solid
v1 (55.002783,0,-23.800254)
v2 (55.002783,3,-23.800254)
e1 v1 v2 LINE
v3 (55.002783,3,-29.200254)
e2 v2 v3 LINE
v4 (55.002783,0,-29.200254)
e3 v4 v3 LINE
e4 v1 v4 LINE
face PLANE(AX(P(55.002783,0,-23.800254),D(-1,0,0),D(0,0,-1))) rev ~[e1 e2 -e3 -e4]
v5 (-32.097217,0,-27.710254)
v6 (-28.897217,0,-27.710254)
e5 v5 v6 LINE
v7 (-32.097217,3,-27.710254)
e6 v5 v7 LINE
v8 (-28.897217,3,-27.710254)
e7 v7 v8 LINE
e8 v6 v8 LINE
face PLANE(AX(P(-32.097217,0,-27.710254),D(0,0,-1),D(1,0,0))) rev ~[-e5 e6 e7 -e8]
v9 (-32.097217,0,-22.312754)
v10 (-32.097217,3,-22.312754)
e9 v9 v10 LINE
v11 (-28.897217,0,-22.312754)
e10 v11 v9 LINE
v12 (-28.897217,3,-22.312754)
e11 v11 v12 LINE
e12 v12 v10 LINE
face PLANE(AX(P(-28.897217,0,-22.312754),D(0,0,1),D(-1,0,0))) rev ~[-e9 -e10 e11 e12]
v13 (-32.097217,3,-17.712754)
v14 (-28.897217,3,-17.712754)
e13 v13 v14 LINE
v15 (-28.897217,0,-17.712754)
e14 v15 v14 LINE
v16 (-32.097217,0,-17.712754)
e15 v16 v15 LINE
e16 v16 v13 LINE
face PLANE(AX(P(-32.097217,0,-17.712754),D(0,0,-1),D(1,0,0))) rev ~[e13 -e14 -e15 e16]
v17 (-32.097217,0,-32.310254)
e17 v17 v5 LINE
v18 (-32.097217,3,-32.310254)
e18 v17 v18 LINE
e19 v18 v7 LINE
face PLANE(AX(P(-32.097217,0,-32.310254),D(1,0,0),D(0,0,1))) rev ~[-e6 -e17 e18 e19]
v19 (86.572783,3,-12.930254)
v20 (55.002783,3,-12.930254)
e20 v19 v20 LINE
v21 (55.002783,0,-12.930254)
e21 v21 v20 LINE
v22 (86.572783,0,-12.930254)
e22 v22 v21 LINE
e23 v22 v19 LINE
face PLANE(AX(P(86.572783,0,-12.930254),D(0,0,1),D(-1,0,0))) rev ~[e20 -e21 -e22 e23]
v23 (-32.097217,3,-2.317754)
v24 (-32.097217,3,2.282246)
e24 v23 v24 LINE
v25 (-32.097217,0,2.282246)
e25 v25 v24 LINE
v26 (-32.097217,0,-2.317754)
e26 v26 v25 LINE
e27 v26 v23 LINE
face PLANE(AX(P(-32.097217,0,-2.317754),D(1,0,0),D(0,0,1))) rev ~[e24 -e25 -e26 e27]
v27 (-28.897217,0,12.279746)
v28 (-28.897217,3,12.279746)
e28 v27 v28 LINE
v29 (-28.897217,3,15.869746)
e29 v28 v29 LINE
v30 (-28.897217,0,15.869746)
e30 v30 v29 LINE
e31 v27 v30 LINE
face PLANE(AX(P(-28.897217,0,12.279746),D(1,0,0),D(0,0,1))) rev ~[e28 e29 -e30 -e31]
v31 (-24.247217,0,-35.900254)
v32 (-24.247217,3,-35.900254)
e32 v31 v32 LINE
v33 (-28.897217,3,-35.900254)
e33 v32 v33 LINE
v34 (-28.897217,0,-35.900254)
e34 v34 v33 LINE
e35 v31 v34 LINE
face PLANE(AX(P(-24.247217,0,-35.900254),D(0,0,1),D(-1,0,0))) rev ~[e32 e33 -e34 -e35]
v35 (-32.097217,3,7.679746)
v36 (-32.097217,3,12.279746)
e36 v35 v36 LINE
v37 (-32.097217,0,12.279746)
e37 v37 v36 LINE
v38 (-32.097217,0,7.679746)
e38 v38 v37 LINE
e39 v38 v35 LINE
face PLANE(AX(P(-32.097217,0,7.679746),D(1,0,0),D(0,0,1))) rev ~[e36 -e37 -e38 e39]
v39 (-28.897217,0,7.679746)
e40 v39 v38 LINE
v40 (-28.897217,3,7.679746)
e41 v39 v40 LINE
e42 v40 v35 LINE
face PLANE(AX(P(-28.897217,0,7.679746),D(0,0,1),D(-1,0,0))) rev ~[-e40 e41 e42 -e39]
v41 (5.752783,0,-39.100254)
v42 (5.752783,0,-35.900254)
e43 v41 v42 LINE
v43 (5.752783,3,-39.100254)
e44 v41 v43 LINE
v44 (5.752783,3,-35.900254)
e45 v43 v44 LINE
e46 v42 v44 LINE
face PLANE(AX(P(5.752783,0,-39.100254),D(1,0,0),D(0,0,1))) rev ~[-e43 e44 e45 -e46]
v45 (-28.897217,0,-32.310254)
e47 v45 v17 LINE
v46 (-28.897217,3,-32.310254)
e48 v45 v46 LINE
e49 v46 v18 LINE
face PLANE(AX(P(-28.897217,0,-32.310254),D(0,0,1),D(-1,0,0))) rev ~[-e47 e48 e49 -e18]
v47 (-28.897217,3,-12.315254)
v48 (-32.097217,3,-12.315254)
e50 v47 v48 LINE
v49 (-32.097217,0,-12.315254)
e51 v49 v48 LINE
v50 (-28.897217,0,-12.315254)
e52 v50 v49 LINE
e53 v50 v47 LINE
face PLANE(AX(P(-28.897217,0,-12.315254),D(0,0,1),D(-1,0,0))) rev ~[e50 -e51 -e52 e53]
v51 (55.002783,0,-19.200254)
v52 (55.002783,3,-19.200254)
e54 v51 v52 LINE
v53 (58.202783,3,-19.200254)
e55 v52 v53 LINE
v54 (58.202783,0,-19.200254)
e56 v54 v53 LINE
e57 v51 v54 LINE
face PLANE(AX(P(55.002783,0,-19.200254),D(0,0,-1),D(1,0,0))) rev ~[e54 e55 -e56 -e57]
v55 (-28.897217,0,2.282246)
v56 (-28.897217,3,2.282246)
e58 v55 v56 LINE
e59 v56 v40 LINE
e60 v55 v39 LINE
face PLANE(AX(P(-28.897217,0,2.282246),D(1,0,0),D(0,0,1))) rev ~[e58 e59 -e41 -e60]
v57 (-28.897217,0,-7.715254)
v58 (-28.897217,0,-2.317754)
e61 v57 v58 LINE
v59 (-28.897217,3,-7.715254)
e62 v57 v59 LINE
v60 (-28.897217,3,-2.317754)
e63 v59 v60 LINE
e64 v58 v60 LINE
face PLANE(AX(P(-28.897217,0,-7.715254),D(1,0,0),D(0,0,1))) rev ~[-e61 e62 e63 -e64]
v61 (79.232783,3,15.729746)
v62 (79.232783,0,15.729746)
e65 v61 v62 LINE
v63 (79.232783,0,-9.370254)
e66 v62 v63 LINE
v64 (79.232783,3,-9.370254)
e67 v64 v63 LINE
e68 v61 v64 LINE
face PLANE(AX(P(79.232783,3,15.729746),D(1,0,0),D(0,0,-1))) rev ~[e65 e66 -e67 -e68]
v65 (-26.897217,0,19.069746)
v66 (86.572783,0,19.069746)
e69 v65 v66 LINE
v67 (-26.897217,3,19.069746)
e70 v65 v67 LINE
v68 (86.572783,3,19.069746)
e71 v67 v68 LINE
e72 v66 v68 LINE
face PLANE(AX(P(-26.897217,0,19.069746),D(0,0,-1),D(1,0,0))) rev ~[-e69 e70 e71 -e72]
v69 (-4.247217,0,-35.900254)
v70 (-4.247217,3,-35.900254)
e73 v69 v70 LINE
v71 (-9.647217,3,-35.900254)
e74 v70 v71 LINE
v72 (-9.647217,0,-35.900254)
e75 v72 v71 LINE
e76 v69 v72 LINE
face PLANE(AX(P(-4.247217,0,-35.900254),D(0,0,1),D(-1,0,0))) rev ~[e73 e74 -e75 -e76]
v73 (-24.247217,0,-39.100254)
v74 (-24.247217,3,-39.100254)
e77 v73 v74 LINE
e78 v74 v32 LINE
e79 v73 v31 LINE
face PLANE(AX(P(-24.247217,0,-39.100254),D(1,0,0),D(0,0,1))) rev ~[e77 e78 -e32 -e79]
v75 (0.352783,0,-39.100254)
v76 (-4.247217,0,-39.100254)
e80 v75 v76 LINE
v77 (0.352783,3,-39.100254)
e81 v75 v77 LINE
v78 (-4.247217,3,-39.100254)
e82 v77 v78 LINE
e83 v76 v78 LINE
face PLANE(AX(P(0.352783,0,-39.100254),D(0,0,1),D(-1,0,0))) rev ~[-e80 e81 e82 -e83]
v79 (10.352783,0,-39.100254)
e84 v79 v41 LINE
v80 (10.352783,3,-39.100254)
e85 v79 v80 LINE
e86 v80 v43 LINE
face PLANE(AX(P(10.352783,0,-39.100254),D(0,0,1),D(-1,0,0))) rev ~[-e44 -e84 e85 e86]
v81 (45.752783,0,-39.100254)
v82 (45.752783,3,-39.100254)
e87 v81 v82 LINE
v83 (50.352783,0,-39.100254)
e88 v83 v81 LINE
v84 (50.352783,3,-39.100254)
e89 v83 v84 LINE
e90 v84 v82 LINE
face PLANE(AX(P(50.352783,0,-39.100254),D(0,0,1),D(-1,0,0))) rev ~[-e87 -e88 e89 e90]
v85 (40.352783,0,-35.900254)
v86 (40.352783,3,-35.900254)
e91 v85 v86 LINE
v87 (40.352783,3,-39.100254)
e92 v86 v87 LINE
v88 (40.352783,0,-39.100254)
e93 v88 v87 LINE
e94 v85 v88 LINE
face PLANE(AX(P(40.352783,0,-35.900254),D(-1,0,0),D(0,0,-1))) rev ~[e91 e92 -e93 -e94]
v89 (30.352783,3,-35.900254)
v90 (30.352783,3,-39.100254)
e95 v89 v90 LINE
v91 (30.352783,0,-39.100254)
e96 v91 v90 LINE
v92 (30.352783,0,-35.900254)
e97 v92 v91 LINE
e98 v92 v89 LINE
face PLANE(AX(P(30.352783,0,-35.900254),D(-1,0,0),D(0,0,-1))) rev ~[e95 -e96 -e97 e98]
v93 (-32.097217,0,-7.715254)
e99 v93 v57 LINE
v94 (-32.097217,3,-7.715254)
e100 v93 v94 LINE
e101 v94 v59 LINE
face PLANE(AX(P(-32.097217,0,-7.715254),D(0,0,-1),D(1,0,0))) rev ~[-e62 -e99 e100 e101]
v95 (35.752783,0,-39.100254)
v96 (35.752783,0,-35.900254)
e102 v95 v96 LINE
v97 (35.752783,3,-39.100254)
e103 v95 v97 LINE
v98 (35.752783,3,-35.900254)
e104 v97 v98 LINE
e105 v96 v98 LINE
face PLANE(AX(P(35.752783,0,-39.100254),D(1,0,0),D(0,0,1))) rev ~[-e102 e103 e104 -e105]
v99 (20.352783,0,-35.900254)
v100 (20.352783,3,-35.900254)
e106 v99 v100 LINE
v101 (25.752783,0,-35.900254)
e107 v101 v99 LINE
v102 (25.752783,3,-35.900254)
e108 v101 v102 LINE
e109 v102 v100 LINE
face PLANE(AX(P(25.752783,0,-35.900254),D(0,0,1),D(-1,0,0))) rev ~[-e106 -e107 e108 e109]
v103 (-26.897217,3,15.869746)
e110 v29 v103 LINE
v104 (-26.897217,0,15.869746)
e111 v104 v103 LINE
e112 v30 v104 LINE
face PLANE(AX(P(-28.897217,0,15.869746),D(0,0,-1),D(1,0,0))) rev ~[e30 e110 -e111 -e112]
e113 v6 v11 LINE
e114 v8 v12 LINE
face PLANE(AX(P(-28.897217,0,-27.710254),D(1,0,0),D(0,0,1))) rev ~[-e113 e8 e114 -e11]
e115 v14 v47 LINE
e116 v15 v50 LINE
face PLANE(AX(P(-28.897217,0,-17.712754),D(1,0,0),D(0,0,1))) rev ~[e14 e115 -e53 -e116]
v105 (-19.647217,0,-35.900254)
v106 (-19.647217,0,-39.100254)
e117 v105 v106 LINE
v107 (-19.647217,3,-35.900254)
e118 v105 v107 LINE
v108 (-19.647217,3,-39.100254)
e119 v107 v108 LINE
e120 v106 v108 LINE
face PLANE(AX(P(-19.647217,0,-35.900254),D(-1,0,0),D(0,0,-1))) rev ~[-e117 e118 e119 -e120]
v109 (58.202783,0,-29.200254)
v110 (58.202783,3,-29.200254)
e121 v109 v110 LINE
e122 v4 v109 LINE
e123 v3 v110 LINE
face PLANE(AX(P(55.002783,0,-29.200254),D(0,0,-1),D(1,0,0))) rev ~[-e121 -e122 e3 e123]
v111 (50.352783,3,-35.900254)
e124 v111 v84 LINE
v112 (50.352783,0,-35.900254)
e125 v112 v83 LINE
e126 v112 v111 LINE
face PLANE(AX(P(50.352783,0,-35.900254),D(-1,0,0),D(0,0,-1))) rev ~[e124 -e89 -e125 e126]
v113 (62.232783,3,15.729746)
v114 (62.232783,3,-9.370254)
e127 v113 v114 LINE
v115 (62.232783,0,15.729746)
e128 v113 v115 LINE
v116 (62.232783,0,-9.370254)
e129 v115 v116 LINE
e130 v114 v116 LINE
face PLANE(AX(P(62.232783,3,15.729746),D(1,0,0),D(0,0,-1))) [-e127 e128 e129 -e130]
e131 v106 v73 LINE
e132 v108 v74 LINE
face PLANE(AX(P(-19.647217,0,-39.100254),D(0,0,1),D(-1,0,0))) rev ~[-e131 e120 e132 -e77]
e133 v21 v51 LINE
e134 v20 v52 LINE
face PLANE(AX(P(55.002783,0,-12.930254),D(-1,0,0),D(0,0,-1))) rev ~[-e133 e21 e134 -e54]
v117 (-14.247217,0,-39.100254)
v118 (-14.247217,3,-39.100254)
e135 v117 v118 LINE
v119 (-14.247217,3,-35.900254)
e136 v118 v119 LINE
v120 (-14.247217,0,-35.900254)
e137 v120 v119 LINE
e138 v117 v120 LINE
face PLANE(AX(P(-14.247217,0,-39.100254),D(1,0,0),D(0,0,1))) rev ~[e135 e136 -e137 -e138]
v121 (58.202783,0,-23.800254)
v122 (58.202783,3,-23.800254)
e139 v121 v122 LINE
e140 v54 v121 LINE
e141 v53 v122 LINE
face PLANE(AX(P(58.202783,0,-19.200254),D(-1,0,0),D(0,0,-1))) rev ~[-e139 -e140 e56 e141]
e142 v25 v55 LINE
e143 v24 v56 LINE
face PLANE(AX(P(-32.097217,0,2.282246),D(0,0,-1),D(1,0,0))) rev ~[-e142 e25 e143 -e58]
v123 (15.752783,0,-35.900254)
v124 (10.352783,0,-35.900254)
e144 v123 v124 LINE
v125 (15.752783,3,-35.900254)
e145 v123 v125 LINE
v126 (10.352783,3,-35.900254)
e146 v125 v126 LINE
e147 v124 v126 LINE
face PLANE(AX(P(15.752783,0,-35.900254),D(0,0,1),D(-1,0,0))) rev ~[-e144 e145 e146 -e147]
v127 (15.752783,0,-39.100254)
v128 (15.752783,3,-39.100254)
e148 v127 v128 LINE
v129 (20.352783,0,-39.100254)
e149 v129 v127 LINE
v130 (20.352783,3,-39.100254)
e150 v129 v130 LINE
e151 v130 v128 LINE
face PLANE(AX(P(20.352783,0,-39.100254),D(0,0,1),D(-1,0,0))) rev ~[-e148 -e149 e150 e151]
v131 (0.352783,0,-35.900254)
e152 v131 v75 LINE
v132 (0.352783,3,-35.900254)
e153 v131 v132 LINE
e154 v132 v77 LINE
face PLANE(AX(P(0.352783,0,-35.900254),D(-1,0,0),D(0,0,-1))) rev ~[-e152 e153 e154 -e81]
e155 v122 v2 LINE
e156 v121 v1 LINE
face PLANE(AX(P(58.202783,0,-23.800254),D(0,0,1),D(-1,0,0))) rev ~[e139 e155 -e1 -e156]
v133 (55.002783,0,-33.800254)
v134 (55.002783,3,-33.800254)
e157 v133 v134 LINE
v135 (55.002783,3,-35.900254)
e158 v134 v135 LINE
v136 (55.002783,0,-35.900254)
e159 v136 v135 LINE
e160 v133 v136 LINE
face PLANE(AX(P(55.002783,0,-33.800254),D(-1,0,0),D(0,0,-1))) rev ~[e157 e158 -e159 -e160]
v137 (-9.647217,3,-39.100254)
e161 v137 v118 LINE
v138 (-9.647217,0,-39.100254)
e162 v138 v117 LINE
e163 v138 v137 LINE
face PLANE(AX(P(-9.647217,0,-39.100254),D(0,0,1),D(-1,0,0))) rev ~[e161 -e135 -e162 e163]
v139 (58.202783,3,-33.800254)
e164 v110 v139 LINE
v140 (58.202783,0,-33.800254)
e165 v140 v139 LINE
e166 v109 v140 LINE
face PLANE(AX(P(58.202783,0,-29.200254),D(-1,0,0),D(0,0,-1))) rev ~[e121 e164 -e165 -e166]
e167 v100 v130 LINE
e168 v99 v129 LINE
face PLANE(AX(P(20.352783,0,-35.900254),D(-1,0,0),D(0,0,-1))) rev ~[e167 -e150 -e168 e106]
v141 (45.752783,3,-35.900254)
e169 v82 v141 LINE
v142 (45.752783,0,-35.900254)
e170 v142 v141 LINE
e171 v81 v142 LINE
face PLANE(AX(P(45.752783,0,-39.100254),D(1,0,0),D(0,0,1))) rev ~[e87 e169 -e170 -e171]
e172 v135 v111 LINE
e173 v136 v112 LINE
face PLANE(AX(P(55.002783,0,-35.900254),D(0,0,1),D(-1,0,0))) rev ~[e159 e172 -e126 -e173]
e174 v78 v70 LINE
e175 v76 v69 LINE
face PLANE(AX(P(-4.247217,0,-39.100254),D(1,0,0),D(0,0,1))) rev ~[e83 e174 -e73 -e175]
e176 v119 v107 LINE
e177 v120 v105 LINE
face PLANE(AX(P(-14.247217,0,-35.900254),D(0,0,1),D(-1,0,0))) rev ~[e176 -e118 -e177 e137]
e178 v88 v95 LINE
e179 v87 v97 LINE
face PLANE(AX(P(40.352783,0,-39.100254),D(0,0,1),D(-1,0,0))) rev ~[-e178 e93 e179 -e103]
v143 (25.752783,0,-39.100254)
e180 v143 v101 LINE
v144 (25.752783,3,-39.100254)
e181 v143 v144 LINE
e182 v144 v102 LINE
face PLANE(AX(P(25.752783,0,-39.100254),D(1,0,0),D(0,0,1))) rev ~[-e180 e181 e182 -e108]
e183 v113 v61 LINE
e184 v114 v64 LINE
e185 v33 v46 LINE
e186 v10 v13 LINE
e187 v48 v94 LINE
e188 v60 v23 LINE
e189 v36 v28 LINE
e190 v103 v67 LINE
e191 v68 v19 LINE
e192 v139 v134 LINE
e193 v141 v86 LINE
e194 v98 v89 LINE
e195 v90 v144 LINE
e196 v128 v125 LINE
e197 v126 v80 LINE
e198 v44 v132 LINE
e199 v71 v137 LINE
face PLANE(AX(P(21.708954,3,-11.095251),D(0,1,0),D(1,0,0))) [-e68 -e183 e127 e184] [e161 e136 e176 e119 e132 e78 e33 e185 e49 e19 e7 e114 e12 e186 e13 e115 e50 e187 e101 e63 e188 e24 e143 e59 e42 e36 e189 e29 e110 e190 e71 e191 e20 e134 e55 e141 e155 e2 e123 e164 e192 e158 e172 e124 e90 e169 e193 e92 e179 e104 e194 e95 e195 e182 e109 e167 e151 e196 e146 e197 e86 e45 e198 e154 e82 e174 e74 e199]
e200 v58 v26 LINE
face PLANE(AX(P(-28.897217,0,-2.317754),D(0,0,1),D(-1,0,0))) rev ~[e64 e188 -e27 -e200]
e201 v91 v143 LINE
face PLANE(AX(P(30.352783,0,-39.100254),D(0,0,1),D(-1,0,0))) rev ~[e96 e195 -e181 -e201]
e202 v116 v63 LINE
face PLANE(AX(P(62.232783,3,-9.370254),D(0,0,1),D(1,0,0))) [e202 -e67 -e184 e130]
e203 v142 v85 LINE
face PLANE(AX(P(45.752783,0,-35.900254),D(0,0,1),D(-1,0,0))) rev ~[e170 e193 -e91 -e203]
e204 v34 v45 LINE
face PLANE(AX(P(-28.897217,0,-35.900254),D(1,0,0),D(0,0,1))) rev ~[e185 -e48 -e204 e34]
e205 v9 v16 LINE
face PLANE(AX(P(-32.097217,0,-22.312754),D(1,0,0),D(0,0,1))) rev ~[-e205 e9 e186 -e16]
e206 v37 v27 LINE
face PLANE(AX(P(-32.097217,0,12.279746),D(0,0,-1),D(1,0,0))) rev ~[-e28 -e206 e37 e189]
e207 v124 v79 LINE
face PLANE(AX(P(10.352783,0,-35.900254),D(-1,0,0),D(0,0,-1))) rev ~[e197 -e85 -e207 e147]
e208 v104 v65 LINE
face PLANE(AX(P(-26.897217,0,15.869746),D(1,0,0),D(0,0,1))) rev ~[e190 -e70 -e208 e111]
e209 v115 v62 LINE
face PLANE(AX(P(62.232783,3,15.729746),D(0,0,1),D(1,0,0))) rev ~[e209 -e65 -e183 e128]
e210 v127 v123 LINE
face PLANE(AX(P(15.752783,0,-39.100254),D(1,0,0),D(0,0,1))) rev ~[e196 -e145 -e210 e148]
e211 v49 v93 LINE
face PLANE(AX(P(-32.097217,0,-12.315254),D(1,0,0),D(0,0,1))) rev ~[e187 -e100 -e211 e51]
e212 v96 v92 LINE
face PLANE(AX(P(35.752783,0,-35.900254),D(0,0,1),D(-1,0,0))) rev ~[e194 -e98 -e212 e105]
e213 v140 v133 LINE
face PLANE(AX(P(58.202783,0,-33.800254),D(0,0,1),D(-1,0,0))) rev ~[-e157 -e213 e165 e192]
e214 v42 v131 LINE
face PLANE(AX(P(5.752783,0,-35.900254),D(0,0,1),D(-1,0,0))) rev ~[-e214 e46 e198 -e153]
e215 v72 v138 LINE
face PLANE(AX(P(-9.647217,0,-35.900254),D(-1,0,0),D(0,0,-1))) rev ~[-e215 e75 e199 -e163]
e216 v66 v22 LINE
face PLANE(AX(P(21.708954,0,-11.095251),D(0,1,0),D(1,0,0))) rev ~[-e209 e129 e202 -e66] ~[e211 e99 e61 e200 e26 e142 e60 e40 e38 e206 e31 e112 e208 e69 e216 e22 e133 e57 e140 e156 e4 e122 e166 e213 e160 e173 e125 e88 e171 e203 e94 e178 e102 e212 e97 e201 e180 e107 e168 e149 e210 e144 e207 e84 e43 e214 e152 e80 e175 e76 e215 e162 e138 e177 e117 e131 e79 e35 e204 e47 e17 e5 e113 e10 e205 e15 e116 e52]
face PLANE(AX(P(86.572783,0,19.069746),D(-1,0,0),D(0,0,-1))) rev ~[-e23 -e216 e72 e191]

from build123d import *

# Parameters (mm, degrees)
BOSS_EXTRUDE3_DEPTH = 3
SKETCH2_W           = 17
SKETCH2_H           = 25.1
CUT_EXTRUDE1_DEPTH  = 3


with BuildPart() as part:
    # Sketch1 → Boss-Extrude3 (new body)
    with BuildSketch(Plane(origin=(0, 0, 0), x_dir=(1, 0, 0), z_dir=(0, 1, 0))):
        Polygon((-28.897216547, -2.282245917), (-28.897216547, -7.679745917), (-32.097216547, -7.679745917), (-32.097216547, -12.279745917), (-28.897216547, -12.279745917), (-28.897216547, -15.869745917), (-26.897216547, -15.869745917), (-26.897216547, -19.069745917), (55.002783453, -19.069745917), (86.572783453, -19.069745917), (86.572783453, 12.930254083), (55.002783453, 12.930254083), (55.002783453, 19.200254083), (58.202783453, 19.200254083), (58.202783453, 23.800254083), (55.002783453, 23.800254083), (55.002783453, 29.200254083), (58.202783453, 29.200254083), (58.202783453, 33.800254083), (55.002783453, 33.800254083), (55.002783453, 35.900254083), (50.352783453, 35.900254083), (50.352783453, 39.100254083), (45.752783453, 39.100254083), (45.752783453, 35.900254083), (40.352783453, 35.900254083), (40.352783453, 39.100254083), (35.752783453, 39.100254083), (35.752783453, 35.900254083), (30.352783453, 35.900254083), (30.352783453, 39.100254083), (25.752783453, 39.100254083), (25.752783453, 35.900254083), (20.352783453, 35.900254083), (20.352783453, 39.100254083), (15.752783453, 39.100254083), (15.752783453, 35.900254083), (10.352783453, 35.900254083), (10.352783453, 39.100254083), (5.752783453, 39.100254083), (5.752783453, 35.900254083), (0.352783453, 35.900254083), (0.352783453, 39.100254083), (-4.247216547, 39.100254083), (-4.247216547, 35.900254083), (-9.647216547, 35.900254083), (-9.647216547, 39.100254083), (-14.247216547, 39.100254083), (-14.247216547, 35.900254083), (-19.647216547, 35.900254083), (-19.647216547, 39.100254083), (-24.247216547, 39.100254083), (-24.247216547, 35.900254083), (-28.897216547, 35.900254083), (-28.897216547, 32.310254083), (-32.097216547, 32.310254083), (-32.097216547, 27.710254083), (-28.897216547, 27.710254083), (-28.897216547, 22.312754083), (-32.097216547, 22.312754083), (-32.097216547, 17.712754083), (-28.897216547, 17.712754083), (-28.897216547, 12.315254083), (-32.097216547, 12.315254083), (-32.097216547, 7.715254083), (-28.897216547, 7.715254083), (-28.897216547, 2.317754083), (-32.097216547, 2.317754083), (-32.097216547, -2.282245917), align=None)
    extrude(amount=BOSS_EXTRUDE3_DEPTH)

    # Sketch2 → Cut-Extrude1 (cut)
    with BuildSketch(Plane(origin=(0, 3, 0), x_dir=(1, 0, 0), z_dir=(0, 1, 0))):
        with Locations((70.732783453, -3.179745917)):
            Rectangle(SKETCH2_W, SKETCH2_H)
    extrude(amount=-CUT_EXTRUDE1_DEPTH, mode=Mode.SUBTRACT)


solid = part.part
